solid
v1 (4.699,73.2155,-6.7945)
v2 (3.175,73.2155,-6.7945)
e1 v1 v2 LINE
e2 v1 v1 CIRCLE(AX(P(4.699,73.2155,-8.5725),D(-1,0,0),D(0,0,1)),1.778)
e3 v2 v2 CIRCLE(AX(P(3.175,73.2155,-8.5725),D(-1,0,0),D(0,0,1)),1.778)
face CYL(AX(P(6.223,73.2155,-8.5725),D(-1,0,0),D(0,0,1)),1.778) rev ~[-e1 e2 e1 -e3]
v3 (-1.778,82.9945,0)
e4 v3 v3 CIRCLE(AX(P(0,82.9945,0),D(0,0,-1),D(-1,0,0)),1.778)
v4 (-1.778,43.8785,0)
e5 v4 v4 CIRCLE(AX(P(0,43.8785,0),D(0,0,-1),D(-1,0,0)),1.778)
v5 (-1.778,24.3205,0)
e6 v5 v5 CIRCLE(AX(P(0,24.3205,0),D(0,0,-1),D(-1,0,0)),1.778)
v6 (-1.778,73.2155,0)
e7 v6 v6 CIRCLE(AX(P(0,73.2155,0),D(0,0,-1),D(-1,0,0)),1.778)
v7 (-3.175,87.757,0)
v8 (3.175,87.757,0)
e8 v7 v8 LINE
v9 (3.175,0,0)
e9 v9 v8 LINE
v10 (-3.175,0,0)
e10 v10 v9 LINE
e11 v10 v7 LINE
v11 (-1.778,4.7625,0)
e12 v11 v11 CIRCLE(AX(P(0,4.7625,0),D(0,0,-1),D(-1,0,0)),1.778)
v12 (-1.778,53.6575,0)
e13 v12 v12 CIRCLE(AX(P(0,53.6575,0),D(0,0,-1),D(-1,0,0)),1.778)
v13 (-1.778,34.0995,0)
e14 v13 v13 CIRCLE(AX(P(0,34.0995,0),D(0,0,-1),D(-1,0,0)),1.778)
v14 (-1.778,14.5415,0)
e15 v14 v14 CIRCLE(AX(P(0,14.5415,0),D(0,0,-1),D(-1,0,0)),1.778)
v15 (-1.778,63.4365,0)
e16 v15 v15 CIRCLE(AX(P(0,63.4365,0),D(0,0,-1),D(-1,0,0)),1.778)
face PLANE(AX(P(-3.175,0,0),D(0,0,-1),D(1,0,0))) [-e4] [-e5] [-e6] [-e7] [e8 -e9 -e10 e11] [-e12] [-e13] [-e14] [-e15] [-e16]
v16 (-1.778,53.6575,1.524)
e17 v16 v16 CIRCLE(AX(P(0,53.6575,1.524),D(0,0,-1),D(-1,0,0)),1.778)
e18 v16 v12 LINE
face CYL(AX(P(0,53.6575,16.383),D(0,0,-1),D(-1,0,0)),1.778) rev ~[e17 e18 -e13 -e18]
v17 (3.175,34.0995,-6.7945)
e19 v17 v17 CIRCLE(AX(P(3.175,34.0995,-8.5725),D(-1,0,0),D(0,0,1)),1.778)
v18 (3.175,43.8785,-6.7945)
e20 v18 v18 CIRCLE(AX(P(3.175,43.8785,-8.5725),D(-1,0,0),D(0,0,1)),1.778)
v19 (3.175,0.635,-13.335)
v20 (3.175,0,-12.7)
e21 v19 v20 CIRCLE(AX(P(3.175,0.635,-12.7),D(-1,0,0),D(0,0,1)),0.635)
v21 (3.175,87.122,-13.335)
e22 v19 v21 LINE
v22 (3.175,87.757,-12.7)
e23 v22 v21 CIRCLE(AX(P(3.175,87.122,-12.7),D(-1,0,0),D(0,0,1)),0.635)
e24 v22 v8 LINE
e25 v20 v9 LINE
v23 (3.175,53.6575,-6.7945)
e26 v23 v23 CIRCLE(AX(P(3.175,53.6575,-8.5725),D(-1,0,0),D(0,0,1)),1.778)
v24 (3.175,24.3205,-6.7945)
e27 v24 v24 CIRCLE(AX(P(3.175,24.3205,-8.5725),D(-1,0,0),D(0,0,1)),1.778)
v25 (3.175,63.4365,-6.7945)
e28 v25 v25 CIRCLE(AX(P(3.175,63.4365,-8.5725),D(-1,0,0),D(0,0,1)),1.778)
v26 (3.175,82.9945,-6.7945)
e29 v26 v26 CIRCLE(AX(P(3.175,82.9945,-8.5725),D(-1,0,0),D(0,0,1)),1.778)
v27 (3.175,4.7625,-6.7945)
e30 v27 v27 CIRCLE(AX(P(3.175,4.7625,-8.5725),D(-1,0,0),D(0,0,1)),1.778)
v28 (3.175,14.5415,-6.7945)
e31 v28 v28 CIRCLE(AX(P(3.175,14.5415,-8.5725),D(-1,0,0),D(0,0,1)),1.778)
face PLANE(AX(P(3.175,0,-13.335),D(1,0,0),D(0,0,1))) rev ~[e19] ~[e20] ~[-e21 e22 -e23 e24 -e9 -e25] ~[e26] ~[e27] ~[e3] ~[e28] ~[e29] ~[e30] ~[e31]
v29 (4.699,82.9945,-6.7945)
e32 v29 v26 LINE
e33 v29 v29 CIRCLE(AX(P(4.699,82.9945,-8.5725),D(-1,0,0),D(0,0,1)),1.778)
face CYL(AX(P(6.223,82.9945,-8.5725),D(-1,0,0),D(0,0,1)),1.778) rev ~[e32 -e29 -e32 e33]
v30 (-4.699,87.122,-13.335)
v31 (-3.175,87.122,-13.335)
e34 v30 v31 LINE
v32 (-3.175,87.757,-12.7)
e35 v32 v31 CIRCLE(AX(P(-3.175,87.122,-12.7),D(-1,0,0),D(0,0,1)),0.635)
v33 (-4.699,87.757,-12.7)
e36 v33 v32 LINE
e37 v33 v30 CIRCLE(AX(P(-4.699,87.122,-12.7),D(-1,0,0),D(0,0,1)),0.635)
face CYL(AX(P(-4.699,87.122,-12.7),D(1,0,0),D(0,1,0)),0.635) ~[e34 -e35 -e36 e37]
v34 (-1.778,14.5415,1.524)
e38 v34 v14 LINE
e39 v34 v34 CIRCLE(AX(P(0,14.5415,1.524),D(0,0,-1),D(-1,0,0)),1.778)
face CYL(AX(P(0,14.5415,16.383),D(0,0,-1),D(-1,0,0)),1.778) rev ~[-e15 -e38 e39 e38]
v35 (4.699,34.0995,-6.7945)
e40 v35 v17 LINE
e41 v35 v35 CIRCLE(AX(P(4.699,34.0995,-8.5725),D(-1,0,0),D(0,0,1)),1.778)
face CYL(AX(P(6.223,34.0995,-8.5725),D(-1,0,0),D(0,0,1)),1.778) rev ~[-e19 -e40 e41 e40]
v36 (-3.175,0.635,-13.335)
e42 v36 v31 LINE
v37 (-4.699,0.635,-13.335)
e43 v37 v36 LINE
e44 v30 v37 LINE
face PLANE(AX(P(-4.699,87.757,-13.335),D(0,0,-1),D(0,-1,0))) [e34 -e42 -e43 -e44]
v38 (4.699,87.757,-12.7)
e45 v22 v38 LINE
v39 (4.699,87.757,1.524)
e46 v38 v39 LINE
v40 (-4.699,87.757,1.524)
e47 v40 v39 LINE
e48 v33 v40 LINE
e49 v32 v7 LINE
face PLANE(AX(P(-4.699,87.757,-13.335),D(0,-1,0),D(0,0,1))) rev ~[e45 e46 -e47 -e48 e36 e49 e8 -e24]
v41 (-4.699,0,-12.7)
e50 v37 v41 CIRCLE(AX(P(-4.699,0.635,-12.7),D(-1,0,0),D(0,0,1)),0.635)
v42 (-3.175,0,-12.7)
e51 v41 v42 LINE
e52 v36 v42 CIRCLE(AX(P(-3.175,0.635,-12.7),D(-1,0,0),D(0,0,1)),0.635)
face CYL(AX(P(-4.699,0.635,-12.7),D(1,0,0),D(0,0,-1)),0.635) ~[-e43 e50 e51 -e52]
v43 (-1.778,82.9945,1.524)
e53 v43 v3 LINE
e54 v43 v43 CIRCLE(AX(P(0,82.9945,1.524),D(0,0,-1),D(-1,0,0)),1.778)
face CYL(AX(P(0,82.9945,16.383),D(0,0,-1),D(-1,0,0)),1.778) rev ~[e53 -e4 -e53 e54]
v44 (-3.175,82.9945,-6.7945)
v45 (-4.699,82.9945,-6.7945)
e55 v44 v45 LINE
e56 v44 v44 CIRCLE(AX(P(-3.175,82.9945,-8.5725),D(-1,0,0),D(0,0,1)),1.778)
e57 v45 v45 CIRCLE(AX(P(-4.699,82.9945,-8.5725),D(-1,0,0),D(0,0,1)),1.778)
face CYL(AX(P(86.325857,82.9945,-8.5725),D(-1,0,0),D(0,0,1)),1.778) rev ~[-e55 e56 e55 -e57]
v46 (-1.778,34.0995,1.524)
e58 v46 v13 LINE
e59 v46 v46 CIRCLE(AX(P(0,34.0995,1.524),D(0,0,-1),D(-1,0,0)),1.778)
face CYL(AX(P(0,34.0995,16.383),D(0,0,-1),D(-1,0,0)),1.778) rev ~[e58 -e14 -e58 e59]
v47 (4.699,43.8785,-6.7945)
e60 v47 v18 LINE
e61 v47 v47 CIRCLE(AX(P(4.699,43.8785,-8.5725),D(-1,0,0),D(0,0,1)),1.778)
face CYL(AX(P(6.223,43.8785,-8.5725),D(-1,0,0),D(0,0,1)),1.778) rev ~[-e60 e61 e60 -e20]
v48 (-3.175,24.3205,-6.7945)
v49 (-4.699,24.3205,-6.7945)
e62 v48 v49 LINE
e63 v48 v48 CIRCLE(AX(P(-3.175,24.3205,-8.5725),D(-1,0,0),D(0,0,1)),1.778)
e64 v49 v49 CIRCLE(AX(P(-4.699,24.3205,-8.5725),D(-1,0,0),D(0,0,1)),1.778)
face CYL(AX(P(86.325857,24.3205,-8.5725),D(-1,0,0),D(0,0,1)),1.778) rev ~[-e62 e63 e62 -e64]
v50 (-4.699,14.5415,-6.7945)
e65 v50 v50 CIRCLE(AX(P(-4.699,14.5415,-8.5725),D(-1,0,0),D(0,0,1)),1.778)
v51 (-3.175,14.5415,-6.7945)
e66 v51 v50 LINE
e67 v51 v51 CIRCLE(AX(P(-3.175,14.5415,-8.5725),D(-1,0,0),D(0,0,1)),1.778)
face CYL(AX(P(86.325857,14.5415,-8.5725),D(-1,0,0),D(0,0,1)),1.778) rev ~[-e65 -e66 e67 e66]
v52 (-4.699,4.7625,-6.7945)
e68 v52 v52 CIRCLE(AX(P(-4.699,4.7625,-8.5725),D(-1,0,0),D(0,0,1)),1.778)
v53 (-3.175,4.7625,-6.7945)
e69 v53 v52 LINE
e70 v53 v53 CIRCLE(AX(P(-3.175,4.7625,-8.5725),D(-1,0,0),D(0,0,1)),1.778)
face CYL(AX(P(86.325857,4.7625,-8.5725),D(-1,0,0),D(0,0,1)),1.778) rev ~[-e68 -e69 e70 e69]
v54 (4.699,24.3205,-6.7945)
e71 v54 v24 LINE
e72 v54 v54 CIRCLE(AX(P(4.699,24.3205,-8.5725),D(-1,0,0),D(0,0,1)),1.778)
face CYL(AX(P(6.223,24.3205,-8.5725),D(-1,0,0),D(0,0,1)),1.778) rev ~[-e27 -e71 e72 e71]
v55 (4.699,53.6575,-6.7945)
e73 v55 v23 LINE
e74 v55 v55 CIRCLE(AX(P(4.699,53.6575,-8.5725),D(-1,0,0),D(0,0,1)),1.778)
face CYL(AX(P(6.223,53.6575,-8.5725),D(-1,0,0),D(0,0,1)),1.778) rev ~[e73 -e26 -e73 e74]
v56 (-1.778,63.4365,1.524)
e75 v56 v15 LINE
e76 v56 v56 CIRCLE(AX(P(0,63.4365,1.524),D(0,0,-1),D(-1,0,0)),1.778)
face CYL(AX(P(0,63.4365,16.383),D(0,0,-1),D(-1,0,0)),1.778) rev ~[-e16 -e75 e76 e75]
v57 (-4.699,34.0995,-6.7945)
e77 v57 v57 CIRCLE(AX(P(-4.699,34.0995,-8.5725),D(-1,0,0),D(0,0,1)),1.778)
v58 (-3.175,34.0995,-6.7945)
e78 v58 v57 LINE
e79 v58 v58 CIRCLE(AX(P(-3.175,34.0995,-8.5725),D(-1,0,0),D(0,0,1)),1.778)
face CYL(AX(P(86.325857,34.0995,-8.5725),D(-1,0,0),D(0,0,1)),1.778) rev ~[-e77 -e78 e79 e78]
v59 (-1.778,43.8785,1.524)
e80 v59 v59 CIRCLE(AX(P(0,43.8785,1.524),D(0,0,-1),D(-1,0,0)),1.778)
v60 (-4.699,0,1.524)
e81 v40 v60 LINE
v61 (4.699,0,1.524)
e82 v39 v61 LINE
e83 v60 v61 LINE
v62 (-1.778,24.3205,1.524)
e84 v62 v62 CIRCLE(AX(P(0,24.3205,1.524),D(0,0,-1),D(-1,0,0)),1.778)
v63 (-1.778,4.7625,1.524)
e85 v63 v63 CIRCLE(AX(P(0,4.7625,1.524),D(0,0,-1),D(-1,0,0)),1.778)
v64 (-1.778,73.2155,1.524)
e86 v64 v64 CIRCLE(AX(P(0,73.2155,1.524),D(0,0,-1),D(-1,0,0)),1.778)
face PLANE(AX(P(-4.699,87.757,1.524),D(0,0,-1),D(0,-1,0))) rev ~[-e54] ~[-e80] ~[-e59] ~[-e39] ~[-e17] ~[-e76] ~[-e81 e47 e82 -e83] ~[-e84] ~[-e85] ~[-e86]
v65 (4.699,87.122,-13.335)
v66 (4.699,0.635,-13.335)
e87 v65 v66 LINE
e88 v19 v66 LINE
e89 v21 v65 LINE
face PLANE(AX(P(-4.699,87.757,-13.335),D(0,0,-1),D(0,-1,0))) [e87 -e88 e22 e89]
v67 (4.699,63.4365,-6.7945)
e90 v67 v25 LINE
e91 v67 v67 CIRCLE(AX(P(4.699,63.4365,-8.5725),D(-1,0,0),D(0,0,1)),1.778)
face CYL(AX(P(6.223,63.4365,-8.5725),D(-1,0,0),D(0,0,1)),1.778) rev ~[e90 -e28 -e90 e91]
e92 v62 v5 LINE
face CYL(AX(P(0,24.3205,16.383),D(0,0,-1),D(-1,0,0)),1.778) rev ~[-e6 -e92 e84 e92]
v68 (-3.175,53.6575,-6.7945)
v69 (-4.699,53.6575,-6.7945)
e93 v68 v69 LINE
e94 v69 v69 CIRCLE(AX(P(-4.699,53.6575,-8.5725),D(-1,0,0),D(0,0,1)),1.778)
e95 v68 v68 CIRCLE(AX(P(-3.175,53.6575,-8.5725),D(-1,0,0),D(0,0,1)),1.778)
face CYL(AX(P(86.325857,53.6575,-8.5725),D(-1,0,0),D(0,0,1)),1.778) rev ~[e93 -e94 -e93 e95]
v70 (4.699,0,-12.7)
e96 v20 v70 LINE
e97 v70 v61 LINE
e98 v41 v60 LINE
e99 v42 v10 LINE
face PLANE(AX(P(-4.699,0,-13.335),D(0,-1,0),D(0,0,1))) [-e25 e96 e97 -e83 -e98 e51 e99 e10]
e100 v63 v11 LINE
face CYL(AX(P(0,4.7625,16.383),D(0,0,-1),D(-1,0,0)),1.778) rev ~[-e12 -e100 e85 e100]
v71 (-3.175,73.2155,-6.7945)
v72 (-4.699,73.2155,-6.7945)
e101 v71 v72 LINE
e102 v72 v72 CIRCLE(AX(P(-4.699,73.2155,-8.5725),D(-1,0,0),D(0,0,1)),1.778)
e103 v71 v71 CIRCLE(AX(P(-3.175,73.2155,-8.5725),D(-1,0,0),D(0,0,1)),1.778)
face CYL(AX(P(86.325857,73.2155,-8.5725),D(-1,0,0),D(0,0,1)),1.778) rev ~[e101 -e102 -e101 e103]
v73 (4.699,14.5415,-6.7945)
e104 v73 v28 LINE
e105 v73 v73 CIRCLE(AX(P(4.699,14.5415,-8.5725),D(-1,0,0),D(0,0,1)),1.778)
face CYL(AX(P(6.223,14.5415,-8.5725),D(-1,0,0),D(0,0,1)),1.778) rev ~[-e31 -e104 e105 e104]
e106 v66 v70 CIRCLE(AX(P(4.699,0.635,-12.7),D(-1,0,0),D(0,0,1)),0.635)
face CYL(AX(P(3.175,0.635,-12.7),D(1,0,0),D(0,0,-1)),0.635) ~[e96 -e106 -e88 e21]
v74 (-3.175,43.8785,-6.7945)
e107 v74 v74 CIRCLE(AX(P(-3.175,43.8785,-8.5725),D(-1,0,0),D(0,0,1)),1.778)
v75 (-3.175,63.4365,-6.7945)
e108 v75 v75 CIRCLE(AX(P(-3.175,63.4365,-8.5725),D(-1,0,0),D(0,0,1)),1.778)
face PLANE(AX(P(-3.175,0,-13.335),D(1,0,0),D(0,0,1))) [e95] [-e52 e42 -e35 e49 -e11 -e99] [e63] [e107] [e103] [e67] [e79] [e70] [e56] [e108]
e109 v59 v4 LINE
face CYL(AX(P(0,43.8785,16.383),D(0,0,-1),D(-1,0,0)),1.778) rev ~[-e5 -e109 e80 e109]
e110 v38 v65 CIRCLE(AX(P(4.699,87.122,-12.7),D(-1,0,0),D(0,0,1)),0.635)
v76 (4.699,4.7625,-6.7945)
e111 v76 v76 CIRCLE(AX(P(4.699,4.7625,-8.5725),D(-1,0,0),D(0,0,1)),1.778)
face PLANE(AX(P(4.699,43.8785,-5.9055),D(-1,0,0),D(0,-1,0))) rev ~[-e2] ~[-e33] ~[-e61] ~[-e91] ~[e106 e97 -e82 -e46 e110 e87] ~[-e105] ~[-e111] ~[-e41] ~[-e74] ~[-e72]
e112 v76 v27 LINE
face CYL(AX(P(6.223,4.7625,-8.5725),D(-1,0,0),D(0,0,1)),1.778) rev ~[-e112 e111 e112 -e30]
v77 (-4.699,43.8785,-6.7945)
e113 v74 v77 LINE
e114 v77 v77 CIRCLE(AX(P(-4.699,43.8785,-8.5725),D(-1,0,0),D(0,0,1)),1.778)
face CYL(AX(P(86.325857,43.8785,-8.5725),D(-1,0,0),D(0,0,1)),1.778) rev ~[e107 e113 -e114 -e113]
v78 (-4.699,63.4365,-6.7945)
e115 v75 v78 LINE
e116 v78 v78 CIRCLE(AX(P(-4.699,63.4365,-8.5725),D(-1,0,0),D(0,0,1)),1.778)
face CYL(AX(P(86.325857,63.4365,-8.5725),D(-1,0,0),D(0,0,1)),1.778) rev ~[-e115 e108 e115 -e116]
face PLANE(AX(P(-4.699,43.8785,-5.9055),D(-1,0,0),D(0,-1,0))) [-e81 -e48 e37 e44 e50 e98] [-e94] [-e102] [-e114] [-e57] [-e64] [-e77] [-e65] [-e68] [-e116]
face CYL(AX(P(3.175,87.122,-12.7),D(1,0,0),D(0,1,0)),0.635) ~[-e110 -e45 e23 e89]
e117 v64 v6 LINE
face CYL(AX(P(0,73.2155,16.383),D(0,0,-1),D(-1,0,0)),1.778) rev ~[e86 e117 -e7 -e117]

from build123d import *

# Parameters (mm, degrees)
SKETCH1_W                 = 87.757
SKETCH1_H                 = 14.859
BOSS_EXTRUDE1_DEPTH       = 9.398
SKETCH2_W                 = 6.35
SKETCH2_H                 = 13.335
CUT_EXTRUDE1_DEPTH        = 89.888659991
F_5_CLEARANCE_HOLE1_D     = 3.556
F_5_CLEARANCE_HOLE1_DEPTH = 1.524
F_5_CLEARANCE_HOLE2_D     = 3.556
F_5_CLEARANCE_HOLE2_DEPTH = 14.859
F_5_CLEARANCE_HOLE3_D     = 3.556
FILLET1_R                 = 0.635


with BuildPart() as part:
    # Sketch1 → Boss-Extrude1 (new body)
    with BuildSketch(Plane(origin=(-4.699, 0, 0), x_dir=(0, -1, 0), z_dir=(-1, 0, 0))):
        with Locations((-43.8785, -5.9055)):
            Rectangle(SKETCH1_W, SKETCH1_H)
    extrude(amount=-BOSS_EXTRUDE1_DEPTH)

    # Sketch2 → Cut-Extrude1 (cut, through all)
    with BuildSketch(Plane.XZ):
        with Locations((0, -6.6675)):
            Rectangle(SKETCH2_W, SKETCH2_H)
    extrude(amount=-CUT_EXTRUDE1_DEPTH, mode=Mode.SUBTRACT)

    # #5 Clearance Hole1
    with Locations(Plane(origin=(4.699, 0, 0), x_dir=(0, 0, -1), z_dir=(1, 0, 0))):
        with Locations((8.5725, 73.2155), (8.5725, 82.9945), (8.5725, 63.4365), (8.5725, 53.6575), (8.5725, 43.8785), (8.5725, 34.0995), (8.5725, 24.3205), (8.5725, 14.5415), (8.5725, 4.7625)):
            Hole(F_5_CLEARANCE_HOLE1_D / 2, depth=F_5_CLEARANCE_HOLE1_DEPTH)

    # #5 Clearance Hole2
    with Locations(Plane.XY.offset(1.524)):
        with Locations((0, 73.2155), (0, 82.9945), (0, 63.4365), (0, 53.6575), (0, 43.8785), (0, 34.0995), (0, 24.3205), (0, 14.5415), (0, 4.7625)):
            Hole(F_5_CLEARANCE_HOLE2_D / 2, depth=F_5_CLEARANCE_HOLE2_DEPTH)

    # #5 Clearance Hole3 (through all)
    with Locations(Plane(origin=(-3.175, 0, 0), x_dir=(0, 0, -1), z_dir=(1, 0, 0))):
        with Locations((8.5725, 73.2155), (8.5725, 82.9945), (8.5725, 63.4365), (8.5725, 53.6575), (8.5725, 43.8785), (8.5725, 34.0995), (8.5725, 24.3205), (8.5725, 14.5415), (8.5725, 4.7625)):
            Hole(F_5_CLEARANCE_HOLE3_D / 2)

    # Fillet1
    fillet1_edges = [part.edges().sort_by_distance(p)[0] for p in [
        (-3.937, 87.757, -13.335),
        (-3.937, 0, -13.335),
        (3.937, 0, -13.335),
        (3.937, 87.757, -13.335),
    ]]
    fillet(fillet1_edges, radius=FILLET1_R)


solid = part.part
